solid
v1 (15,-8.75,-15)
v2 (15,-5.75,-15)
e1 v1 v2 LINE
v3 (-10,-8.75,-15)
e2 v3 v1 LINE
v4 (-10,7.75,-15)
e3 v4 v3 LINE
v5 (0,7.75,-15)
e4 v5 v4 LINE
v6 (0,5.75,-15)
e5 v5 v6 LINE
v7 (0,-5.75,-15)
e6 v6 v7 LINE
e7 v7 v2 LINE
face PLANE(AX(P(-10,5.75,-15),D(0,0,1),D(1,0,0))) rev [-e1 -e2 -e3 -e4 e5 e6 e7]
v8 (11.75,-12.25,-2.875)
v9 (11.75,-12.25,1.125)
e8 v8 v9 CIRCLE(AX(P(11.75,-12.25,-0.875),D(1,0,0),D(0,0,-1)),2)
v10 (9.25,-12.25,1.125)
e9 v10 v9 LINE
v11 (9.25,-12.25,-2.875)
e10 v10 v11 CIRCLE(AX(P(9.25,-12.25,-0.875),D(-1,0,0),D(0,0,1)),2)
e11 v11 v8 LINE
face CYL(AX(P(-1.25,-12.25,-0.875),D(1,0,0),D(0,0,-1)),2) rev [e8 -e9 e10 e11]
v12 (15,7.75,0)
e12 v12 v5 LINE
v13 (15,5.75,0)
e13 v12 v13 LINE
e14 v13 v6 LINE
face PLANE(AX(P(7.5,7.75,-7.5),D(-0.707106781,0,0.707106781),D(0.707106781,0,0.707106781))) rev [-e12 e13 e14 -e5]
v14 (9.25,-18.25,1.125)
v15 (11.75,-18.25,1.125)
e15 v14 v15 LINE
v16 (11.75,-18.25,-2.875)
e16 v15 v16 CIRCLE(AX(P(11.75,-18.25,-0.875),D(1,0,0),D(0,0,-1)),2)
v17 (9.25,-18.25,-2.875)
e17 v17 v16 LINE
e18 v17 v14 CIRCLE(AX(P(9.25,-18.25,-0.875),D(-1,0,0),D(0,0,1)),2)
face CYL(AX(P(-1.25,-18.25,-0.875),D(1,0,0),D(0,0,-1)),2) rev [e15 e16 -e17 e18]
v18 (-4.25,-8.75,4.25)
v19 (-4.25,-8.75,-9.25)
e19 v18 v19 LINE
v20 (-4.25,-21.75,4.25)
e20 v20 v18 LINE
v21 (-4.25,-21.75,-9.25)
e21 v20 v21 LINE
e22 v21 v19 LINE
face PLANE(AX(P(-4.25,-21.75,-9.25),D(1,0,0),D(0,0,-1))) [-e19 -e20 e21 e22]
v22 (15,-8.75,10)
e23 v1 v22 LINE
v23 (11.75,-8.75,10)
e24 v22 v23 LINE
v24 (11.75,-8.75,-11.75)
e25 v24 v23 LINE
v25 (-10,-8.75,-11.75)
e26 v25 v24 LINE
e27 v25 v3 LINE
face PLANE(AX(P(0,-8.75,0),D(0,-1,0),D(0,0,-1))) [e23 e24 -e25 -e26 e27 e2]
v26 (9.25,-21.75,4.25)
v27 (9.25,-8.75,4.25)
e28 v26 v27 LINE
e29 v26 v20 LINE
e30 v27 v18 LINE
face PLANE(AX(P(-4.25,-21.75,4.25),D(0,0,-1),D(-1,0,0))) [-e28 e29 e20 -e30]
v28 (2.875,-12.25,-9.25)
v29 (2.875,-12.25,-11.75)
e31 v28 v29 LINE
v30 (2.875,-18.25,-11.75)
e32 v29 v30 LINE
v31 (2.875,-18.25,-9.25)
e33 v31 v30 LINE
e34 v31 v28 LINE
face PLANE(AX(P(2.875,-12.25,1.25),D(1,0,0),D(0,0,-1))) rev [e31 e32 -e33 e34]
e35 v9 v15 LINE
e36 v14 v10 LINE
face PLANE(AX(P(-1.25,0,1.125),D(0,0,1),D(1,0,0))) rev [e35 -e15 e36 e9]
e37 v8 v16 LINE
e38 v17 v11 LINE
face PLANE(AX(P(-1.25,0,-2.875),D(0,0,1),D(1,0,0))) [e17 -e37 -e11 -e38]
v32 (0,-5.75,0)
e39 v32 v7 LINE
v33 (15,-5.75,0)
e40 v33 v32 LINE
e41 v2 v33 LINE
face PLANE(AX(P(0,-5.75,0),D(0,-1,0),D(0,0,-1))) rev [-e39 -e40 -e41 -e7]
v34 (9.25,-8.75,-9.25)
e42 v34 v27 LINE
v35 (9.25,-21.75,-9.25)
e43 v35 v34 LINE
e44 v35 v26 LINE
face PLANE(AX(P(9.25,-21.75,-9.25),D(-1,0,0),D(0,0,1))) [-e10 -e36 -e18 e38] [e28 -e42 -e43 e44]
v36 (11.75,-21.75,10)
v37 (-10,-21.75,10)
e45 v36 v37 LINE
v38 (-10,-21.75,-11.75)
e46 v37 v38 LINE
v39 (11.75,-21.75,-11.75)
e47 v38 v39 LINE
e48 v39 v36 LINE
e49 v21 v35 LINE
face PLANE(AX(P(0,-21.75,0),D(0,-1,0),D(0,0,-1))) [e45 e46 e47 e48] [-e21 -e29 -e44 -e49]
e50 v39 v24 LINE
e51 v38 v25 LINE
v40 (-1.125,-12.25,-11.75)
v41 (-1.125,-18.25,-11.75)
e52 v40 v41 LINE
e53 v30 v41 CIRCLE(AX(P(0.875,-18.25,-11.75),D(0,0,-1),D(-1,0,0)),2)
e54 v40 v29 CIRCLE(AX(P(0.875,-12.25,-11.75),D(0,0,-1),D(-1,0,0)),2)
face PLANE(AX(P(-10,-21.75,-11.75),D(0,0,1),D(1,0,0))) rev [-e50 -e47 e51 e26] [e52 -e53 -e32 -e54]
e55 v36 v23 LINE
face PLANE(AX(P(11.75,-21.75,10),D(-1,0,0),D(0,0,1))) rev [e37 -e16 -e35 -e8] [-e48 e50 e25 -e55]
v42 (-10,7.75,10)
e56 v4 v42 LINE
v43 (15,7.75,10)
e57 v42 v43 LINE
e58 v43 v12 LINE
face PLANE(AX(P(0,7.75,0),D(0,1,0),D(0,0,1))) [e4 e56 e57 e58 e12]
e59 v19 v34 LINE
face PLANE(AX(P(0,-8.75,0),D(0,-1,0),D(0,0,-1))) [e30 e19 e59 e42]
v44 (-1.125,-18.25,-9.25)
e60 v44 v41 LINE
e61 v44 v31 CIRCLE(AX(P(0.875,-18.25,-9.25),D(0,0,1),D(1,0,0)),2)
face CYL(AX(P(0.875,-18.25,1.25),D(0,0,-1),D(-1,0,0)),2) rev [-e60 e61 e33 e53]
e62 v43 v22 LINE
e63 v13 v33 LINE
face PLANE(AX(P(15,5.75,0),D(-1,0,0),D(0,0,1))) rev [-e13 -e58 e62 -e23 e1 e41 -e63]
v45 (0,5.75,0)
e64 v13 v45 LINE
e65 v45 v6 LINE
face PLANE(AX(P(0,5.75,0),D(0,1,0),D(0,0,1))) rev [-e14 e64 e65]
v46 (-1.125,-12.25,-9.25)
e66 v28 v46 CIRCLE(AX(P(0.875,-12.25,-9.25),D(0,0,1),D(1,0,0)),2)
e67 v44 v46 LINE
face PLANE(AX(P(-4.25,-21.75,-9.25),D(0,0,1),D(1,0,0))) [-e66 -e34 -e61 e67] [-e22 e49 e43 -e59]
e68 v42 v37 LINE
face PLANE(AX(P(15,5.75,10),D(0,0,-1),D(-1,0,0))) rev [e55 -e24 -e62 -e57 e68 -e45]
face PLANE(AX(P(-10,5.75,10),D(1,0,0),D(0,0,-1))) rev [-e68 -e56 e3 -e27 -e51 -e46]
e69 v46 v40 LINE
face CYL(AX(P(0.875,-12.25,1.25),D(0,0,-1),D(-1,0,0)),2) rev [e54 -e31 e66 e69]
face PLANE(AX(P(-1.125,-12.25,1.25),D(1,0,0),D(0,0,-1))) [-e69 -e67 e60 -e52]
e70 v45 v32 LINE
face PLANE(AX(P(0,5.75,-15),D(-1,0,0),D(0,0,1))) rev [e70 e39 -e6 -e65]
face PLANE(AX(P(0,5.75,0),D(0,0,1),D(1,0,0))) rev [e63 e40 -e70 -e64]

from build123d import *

# Parameters (mm, degrees)
SALIENTE_EXTRUIR1_DEPTH = 5.75
CROQUIS2_W              = 25
CROQUIS2_H              = 25
SALIENTE_EXTRUIR2_DEPTH = 3
CROQUIS3_W              = 21.75
CROQUIS3_H              = 21.75
CROQUIS3_W_2            = 13.5
CROQUIS3_H_2            = 13.5
SALIENTE_EXTRUIR3_DEPTH = 13
CORTAR_EXTRUIR1_DEPTH   = 13
CORTAR_EXTRUIR2_DEPTH   = 13
SALIENTE_EXTRUIR4_DEPTH = 2


with BuildPart() as part:
    # Croquis1 → Saliente-Extruir1 (new, symmetric)
    with BuildSketch(Plane(origin=(0, 0, 0), x_dir=(1, 0, 0), z_dir=(0, 1, 0))):
        Polygon((0, 0), (15, 0), (15, -10), (-10, -10), (-10, 15), (0, 15), align=None)
    extrude(amount=SALIENTE_EXTRUIR1_DEPTH, both=True)

    # Croquis2 → Saliente-Extruir2 (add)
    with BuildSketch(Plane.XZ.offset(5.75)):
        with Locations((2.5, -2.5)):
            Rectangle(CROQUIS2_W, CROQUIS2_H)
    extrude(amount=SALIENTE_EXTRUIR2_DEPTH)

    # Croquis3 → Saliente-Extruir3 (add)
    with BuildSketch(Plane.XZ.offset(8.75)):
        with Locations((0.875, -0.875)):
            Rectangle(CROQUIS3_W, CROQUIS3_H)
        with Locations((2.5, -2.5)):
            Rectangle(CROQUIS3_W_2, CROQUIS3_H_2, mode=Mode.SUBTRACT)
    extrude(amount=SALIENTE_EXTRUIR3_DEPTH)

    # Croquis4 → Cortar-Extruir1 (cut)
    with BuildSketch(Plane(origin=(11.75, 0, 0), x_dir=(0, 0, -1), z_dir=(1, 0, 0))):
        with BuildLine():
            Line((-1.125, -12.25), (-1.125, -18.25))
            ThreePointArc((-1.125, -18.25), (0.875, -20.25), (2.875, -18.25))
            Line((2.875, -18.25), (2.875, -12.25))
            ThreePointArc((2.875, -12.25), (0.875, -10.25), (-1.125, -12.25))
        make_face()
    extrude(amount=-CORTAR_EXTRUIR1_DEPTH, mode=Mode.SUBTRACT)

    # Croquis6 → Cortar-Extruir2 (cut)
    with BuildSketch(Plane(origin=(0, 0, -11.75), x_dir=(-1, 0, 0), z_dir=(0, 0, -1))):
        with BuildLine():
            Line((1.125, -12.25), (1.125, -18.25))
            ThreePointArc((1.125, -18.25), (-0.875, -20.25), (-2.875, -18.25))
            Line((-2.875, -18.25), (-2.875, -12.25))
            ThreePointArc((-2.875, -12.25), (-0.875, -10.25), (1.125, -12.25))
        make_face()
    extrude(amount=-CORTAR_EXTRUIR2_DEPTH, mode=Mode.SUBTRACT)

    # Croquis7 → Saliente-Extruir4 (add)
    with BuildSketch(Plane(origin=(0, 5.75, 0), x_dir=(1, 0, 0), z_dir=(0, 1, 0))):
        Polygon((15, 0), (0, 15), (0, 0), align=None)
        Polygon((15, 0), (0, 0), (0, 15), (-10, 15), (-10, -10), (15, -10), align=None)
    extrude(amount=SALIENTE_EXTRUIR4_DEPTH)


solid = part.part
